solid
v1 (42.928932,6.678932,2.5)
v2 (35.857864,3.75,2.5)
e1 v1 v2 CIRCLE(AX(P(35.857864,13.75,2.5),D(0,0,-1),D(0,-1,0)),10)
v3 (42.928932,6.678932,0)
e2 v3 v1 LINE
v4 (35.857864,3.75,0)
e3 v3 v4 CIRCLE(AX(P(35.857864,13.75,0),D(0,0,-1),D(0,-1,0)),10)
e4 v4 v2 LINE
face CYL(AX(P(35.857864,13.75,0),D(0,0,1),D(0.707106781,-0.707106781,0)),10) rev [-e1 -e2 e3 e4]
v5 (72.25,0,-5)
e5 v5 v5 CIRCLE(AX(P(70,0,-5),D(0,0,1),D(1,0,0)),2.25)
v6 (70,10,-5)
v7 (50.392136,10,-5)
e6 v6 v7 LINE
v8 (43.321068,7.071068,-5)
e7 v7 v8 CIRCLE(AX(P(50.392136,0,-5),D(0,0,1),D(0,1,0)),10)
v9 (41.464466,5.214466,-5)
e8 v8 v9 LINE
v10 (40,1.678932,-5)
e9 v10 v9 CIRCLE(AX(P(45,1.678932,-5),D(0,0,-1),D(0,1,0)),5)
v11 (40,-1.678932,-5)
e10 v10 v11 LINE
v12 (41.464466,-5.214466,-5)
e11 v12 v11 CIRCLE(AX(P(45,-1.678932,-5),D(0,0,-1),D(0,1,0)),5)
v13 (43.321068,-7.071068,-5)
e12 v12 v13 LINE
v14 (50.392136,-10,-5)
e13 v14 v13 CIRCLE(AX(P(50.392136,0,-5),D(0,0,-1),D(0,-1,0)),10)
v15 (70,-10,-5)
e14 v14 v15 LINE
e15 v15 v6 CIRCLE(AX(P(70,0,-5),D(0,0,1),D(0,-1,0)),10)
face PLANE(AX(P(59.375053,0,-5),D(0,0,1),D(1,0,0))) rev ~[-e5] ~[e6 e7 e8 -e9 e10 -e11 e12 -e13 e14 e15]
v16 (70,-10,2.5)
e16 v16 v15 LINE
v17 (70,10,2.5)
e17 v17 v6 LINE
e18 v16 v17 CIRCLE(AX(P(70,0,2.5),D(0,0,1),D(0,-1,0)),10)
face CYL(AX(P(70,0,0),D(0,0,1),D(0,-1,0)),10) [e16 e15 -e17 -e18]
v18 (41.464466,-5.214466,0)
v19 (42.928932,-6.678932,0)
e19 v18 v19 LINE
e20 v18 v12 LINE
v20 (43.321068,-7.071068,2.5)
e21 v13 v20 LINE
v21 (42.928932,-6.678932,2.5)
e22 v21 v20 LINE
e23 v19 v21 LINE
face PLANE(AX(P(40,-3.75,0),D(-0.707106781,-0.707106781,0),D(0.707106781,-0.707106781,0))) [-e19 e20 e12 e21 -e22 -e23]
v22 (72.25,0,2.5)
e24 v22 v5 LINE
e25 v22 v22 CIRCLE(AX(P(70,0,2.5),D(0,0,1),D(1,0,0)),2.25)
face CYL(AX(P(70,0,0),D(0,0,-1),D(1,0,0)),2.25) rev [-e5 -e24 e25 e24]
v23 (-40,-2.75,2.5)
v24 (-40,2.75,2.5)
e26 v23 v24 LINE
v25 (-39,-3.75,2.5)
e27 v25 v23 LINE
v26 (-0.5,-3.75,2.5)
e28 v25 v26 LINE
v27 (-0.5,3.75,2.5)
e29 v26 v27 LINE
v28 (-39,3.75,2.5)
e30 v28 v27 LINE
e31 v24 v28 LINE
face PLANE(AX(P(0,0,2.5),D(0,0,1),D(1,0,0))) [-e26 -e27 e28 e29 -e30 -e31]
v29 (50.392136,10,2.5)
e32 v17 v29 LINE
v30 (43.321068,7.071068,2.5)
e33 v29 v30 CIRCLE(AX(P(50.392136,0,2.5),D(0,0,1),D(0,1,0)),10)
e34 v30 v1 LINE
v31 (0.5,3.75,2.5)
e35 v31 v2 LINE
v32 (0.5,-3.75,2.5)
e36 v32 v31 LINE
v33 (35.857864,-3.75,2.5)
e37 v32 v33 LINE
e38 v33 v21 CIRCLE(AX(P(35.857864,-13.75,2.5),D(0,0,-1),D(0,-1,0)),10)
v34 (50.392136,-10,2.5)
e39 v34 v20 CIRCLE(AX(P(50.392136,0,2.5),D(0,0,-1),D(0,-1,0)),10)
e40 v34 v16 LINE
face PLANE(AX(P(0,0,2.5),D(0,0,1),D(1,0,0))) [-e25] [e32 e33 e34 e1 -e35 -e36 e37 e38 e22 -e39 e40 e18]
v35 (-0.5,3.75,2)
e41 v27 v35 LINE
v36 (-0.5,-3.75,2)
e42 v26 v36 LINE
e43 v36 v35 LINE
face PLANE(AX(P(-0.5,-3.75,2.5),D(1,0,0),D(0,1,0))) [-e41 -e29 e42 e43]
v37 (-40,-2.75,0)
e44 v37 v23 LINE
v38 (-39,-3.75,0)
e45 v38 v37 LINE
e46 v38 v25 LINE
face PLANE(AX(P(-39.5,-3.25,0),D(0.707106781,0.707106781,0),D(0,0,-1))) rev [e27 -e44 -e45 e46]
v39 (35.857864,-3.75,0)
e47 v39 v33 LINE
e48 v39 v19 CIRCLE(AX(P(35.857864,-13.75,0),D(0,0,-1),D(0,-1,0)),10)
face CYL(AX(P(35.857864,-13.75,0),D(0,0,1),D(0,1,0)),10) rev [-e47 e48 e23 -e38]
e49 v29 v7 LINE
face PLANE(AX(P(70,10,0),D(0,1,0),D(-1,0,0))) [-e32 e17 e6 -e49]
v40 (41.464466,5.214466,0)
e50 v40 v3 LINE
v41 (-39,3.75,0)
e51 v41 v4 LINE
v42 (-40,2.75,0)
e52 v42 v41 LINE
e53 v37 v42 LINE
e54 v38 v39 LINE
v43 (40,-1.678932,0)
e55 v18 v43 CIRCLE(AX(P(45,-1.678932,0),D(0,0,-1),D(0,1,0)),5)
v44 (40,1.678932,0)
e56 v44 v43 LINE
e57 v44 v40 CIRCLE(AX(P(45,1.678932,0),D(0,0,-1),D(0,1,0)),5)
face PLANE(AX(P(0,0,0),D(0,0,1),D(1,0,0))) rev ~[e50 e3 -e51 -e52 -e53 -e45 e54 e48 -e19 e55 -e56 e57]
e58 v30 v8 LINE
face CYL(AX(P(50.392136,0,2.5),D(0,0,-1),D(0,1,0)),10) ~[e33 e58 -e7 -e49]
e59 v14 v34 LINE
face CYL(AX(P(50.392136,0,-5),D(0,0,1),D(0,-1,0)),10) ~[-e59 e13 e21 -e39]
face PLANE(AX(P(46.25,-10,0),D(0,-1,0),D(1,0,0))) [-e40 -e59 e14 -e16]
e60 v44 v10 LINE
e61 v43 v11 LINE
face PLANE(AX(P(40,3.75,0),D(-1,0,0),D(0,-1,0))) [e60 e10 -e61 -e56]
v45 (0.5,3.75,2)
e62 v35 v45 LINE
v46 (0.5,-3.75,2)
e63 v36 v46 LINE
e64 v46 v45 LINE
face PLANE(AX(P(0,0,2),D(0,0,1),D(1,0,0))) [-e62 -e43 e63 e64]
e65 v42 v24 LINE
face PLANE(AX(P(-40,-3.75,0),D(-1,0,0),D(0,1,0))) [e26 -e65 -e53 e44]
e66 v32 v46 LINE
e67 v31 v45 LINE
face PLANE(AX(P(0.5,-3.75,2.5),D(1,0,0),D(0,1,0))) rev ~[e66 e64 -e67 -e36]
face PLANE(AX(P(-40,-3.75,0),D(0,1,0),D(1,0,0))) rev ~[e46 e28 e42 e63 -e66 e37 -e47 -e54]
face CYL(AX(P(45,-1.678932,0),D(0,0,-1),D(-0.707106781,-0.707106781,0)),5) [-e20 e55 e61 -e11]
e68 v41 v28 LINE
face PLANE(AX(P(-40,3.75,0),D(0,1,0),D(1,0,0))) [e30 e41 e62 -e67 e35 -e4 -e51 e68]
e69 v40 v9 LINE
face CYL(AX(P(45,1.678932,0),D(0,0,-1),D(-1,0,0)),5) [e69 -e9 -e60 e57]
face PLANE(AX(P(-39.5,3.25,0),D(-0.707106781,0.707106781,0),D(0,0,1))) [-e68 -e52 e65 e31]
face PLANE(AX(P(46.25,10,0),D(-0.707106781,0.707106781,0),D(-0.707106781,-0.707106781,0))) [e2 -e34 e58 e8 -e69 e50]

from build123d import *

# Parameters (mm, degrees)
F0_W     = 80
F0_H     = 7.5
F0_R     = 2.25
F1_DEPTH = 2.5
F2_DEPTH = 5
F3_SIZE  = 1
F4_R     = 10
F5_R     = 5
F6_W     = 1
F6_H     = 7.5
F7_DEPTH = 0.5


with BuildPart() as f1:
    # F0 (on Top) → F1 (new body)
    with BuildSketch(Plane.XY):
        Rectangle(F0_W, F0_H)
        with BuildLine():
            Line((46.25, 10), (40, 3.75))
            Line((40, 3.75), (40, -3.75))
            Line((40, -3.75), (46.25, -10))
            Line((46.25, -10), (70, -10))
            ThreePointArc((70, -10), (80, 0), (70, 10))
            Line((70, 10), (46.25, 10))
        make_face()
        with Locations((70, 0)):
            Circle(F0_R, mode=Mode.SUBTRACT)
    extrude(amount=F1_DEPTH)

    # F0 (on Top) → F2 (join)
    with BuildSketch(Plane.XY):
        with BuildLine():
            Line((46.25, 10), (40, 3.75))
            Line((40, 3.75), (40, -3.75))
            Line((40, -3.75), (46.25, -10))
            Line((46.25, -10), (70, -10))
            ThreePointArc((70, -10), (80, 0), (70, 10))
            Line((70, 10), (46.25, 10))
        make_face()
        with Locations((70, 0)):
            Circle(F0_R, mode=Mode.SUBTRACT)
    extrude(amount=-F2_DEPTH)

    # F3
    f3_edges = [f1.edges().sort_by_distance(p)[0] for p in [
        (-40, -3.75, 1.25),
        (-40, 3.75, 1.25),
    ]]
    chamfer(f3_edges, length=F3_SIZE)

    # F4
    f4_edges = [f1.edges().sort_by_distance(p)[0] for p in [
        (40, -3.75, 1.25),
        (46.25, -10, -1.25),
        (46.25, 10, -1.25),
        (40, 3.75, 1.25),
    ]]
    fillet(f4_edges, radius=F4_R)

    # F5
    f5_edges = [f1.edges().sort_by_distance(p)[0] for p in [
        (40, -3.75, -2.5),
        (40, 3.75, -2.5),
    ]]
    fillet(f5_edges, radius=F5_R)

    # F6 (on face) → F7 (cut)
    with BuildSketch(Plane.XY.offset(2.5)):
        Rectangle(F6_W, F6_H)
    extrude(amount=-F7_DEPTH, mode=Mode.SUBTRACT)


solid = f1.part
